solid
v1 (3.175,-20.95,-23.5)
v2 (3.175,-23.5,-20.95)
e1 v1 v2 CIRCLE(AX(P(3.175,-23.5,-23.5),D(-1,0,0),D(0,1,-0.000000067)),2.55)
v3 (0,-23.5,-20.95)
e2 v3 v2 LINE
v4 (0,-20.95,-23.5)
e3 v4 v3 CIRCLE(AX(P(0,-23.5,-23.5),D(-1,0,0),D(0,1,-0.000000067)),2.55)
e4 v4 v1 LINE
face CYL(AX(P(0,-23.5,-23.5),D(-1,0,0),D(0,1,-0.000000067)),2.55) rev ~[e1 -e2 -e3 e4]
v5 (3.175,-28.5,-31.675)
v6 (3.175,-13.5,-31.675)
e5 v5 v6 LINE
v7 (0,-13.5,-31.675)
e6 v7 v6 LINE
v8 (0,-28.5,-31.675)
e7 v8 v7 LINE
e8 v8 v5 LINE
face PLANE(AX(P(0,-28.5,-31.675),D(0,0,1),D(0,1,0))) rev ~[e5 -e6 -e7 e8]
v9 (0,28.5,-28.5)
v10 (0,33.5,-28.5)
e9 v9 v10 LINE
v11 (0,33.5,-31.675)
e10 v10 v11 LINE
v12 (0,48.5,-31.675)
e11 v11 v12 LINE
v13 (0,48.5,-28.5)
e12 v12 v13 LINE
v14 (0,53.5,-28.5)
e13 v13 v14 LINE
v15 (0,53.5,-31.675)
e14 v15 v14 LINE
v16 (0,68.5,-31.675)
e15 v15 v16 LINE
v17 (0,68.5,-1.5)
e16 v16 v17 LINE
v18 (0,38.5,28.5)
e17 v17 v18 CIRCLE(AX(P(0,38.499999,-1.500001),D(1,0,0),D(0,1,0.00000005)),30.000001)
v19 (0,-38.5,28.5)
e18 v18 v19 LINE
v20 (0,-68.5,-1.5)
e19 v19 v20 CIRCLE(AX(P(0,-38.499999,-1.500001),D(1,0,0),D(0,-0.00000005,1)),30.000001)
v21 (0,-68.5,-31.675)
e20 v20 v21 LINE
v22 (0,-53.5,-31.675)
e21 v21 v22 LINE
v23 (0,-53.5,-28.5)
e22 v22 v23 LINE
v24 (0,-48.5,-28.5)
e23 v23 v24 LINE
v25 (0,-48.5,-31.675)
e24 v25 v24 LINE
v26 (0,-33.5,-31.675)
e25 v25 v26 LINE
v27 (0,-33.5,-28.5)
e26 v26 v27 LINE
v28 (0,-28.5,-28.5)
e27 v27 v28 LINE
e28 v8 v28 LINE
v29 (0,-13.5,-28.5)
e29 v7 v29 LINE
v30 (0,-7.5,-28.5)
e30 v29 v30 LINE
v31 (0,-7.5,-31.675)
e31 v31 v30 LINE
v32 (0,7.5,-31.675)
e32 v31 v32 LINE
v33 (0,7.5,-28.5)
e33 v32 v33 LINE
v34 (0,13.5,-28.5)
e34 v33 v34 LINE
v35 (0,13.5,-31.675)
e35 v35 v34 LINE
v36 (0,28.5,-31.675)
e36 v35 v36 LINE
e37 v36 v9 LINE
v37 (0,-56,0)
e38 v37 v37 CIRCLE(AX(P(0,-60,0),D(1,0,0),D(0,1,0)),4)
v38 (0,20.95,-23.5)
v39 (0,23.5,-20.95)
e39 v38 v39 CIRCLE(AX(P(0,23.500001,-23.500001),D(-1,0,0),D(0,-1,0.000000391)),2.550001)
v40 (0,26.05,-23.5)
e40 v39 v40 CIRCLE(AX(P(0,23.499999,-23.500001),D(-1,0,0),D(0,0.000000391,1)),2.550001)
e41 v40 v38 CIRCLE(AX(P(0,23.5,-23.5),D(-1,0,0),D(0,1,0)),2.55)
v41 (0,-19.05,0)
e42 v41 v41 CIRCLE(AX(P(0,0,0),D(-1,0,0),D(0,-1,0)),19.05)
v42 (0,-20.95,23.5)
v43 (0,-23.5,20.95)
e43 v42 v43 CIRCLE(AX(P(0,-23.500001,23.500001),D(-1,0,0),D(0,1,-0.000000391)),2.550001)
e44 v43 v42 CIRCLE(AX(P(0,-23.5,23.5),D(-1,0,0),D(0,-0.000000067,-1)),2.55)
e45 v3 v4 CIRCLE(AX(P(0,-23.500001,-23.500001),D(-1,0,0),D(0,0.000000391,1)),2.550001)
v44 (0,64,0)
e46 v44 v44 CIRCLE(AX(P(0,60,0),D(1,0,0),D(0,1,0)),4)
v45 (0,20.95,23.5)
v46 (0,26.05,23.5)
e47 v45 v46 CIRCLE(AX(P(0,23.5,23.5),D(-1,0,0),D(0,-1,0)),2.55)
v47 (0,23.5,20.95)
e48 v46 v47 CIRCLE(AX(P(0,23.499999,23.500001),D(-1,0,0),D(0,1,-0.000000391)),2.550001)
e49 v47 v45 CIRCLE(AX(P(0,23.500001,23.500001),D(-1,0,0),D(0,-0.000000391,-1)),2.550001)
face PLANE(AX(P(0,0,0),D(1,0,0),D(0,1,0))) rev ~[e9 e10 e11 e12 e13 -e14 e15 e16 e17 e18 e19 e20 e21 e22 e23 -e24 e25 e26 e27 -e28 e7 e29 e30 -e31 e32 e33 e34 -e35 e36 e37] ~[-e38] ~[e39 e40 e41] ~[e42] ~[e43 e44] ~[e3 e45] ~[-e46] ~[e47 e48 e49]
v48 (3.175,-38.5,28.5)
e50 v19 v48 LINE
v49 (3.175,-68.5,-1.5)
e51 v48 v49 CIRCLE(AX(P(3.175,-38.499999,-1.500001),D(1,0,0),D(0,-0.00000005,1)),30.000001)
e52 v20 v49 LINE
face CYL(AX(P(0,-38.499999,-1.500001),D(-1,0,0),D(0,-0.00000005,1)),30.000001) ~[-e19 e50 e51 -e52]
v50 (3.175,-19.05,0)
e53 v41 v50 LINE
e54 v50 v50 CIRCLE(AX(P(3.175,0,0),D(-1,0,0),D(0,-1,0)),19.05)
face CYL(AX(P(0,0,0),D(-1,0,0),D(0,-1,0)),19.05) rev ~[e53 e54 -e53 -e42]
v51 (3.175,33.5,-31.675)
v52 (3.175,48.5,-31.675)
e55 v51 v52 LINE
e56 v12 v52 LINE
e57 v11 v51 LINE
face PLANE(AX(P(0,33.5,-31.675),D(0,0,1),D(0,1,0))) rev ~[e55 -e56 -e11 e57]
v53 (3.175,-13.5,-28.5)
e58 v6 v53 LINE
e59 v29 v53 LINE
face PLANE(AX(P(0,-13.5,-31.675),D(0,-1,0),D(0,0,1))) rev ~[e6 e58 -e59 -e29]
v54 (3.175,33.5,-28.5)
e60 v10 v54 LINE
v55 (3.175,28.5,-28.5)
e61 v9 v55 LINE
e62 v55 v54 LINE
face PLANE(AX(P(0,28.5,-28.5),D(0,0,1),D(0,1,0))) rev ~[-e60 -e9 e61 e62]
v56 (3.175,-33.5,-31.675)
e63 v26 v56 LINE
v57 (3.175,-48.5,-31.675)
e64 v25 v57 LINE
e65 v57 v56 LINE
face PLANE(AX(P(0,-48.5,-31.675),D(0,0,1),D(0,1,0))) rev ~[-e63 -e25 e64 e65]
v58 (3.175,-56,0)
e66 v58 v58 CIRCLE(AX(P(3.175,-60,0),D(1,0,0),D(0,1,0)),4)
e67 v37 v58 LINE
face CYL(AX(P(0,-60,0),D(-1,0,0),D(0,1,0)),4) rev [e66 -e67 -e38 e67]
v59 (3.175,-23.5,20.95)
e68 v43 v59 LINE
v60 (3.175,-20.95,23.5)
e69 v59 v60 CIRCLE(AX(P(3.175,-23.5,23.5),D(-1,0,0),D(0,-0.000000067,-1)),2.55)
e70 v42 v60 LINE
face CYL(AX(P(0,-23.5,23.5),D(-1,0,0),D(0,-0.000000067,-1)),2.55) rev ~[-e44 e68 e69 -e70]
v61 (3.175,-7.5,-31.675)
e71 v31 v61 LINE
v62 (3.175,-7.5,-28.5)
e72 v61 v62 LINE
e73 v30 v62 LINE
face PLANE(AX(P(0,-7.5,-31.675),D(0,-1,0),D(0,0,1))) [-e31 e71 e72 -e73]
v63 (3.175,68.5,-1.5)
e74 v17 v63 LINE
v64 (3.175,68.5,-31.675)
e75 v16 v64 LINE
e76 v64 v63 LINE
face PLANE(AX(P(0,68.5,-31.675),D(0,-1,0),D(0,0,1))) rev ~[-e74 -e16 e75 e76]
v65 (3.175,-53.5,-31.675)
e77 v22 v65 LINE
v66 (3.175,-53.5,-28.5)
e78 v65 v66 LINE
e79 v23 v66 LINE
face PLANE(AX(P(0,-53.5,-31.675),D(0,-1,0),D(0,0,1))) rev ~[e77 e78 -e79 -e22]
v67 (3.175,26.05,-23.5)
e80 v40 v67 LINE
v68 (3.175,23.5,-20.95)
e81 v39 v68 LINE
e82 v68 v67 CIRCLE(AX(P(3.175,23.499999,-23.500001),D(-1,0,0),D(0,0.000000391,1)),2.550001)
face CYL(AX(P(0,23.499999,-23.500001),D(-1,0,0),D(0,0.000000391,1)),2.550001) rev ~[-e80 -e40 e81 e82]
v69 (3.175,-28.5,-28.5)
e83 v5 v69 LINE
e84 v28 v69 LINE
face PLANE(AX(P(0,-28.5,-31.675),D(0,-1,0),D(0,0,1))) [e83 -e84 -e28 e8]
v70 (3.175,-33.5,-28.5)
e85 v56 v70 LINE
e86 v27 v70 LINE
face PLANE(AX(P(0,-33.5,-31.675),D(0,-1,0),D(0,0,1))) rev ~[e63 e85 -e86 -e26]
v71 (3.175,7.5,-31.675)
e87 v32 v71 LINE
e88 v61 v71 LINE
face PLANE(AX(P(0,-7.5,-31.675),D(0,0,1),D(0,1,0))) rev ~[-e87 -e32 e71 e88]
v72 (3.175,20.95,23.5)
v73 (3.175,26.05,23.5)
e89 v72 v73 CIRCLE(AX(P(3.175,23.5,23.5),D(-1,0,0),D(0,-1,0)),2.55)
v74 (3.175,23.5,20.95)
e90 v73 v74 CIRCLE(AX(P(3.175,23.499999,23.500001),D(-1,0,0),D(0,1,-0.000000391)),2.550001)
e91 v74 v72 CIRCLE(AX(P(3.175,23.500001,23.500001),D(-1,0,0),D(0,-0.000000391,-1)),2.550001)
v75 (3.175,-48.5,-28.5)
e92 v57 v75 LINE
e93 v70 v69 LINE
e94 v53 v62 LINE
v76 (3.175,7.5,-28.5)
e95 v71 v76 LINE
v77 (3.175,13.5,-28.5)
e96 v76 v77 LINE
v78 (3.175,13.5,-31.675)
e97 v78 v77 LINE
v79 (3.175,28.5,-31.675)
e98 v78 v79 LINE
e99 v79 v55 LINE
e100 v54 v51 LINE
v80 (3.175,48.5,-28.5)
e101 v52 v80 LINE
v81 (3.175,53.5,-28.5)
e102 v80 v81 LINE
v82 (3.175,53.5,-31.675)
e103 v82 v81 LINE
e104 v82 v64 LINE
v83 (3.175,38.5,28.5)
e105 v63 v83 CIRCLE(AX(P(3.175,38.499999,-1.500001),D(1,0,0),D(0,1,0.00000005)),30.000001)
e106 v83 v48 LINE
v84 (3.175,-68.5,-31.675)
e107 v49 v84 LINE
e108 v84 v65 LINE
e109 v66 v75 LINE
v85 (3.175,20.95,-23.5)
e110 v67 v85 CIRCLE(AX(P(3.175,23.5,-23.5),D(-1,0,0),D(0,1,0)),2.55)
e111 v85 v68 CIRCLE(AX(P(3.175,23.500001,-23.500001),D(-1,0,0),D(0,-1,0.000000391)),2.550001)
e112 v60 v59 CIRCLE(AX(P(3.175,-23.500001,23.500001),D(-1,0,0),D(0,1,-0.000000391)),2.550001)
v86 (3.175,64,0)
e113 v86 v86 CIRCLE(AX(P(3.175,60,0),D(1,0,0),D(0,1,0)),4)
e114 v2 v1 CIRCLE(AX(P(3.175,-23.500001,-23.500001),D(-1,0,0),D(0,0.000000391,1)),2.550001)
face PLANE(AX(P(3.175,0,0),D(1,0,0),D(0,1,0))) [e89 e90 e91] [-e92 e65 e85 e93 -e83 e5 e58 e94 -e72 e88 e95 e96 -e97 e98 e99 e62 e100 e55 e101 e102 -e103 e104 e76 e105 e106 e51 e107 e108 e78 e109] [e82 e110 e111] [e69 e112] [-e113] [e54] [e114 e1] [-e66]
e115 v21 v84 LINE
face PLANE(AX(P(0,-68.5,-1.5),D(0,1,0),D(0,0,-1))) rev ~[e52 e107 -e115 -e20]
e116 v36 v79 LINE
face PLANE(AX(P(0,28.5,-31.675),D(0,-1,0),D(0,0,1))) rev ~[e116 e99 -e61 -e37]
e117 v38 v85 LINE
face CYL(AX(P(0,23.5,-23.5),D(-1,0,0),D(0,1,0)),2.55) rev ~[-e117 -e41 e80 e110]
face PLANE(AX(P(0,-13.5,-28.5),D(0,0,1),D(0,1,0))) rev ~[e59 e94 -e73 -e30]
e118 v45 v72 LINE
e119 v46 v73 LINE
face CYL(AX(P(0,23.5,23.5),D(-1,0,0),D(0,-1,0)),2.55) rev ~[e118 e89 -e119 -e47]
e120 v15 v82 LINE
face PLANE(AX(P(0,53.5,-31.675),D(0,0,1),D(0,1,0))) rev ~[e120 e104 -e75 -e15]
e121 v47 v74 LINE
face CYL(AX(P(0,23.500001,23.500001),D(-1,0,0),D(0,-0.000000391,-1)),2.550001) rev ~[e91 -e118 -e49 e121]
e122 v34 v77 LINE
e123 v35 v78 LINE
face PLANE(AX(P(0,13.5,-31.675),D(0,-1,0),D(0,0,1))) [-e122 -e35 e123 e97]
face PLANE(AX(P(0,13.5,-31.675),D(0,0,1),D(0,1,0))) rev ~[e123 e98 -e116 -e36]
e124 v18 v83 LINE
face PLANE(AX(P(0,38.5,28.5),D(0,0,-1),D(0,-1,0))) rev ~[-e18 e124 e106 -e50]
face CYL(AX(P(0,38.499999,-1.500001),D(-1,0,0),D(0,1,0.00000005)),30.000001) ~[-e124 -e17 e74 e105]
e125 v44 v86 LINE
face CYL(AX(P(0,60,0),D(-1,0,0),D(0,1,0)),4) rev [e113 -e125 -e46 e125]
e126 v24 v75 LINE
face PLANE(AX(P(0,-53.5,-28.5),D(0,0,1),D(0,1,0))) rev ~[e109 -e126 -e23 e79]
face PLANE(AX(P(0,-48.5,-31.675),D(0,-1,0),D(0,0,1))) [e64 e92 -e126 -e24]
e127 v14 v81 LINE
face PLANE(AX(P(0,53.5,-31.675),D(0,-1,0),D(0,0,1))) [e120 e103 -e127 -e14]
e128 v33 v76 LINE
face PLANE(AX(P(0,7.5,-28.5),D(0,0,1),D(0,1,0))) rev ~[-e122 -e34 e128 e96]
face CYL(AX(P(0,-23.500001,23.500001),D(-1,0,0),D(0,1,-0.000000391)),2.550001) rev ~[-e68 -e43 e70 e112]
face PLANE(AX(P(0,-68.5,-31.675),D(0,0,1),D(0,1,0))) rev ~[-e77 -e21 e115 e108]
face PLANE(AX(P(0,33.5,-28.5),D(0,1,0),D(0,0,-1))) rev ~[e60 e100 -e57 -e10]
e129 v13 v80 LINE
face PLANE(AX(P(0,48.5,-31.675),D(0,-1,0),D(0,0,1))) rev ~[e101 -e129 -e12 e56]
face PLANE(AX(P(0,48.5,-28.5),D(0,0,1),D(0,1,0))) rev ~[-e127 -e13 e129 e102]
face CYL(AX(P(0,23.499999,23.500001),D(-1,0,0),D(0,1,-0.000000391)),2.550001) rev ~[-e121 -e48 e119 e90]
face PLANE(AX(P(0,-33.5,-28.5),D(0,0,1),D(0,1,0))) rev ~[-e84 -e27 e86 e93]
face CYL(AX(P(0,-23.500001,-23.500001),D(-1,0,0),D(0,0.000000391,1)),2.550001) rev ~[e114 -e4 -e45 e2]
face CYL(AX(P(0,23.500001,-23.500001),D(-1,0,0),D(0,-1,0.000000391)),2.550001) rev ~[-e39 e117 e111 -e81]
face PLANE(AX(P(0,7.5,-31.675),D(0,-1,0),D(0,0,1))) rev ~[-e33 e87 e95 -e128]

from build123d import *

# Parameters (mm, degrees)
F0_R     = 4
F0_W     = 15
F0_H     = 3.175
F0_W_2   = 7.5
F1_DEPTH = 3.175


with BuildPart() as f1:
    # F0 (on Right) → F1 (new body)
    with BuildSketch(Plane.YZ):
        with BuildLine():
            ThreePointArc((19.05, 0), (0, 19.05), (-19.05, 0))
            ThreePointArc((-19.05, 0), (0, -19.05), (19.05, 0))
        make_face()
        Polygon((28.5, 28.5), (-28.5, 28.5), (-28.5, 0), (-28.5, -28.5), (-13.5, -28.5), (-7.5, -28.5), (0, -28.5), (7.5, -28.5), (13.5, -28.5), (28.5, -28.5), align=None)
        with BuildLine():
            Line((-23.5, -20.95), (-23.5, 0))
            Line((-23.5, 0), (-23.5, 20.95))
            ThreePointArc((-23.5, 20.95), (-25.303122, 25.303122), (-20.95, 23.5))
            Line((-20.95, 23.5), (20.95, 23.5))
            ThreePointArc((20.95, 23.5), (23.5, 26.05), (26.05, 23.5))
            ThreePointArc((26.05, 23.5), (25.303122, 21.696878), (23.5, 20.95))
            Line((23.5, 20.95), (23.5, -20.95))
            ThreePointArc((23.5, -20.95), (25.303122, -21.696878), (26.05, -23.5))
            ThreePointArc((26.05, -23.5), (23.5, -26.05), (20.95, -23.5))
            Line((20.95, -23.5), (-20.95, -23.5))
            ThreePointArc((-20.95, -23.5), (-25.303122, -25.303122), (-23.5, -20.95))
        make_face(mode=Mode.SUBTRACT)
        with Locations((-60, 0)):
            Circle(F0_R)
        with BuildLine():
            Line((-28.5, 0), (-28.5, 28.5))
            Line((-28.5, 28.5), (-38.5, 28.5))
            ThreePointArc((-38.5, 28.5), (-59.713203, 19.713203), (-68.5, -1.5))
            Line((-68.5, -1.5), (-68.5, -28.5))
            Line((-68.5, -28.5), (-53.5, -28.5))
            Line((-53.5, -28.5), (-48.5, -28.5))
            Line((-48.5, -28.5), (-41, -28.5))
            Line((-41, -28.5), (-33.5, -28.5))
            Line((-33.5, -28.5), (-28.5, -28.5))
            Line((-28.5, -28.5), (-28.5, 0))
        make_face()
        with Locations((-60, 0)):
            Circle(F0_R, mode=Mode.SUBTRACT)
        with BuildLine():
            Line((38.5, 28.5), (28.5, 28.5))
            Line((28.5, 28.5), (28.5, -28.5))
            Line((28.5, -28.5), (33.5, -28.5))
            Line((33.5, -28.5), (48.5, -28.5))
            Line((48.5, -28.5), (53.5, -28.5))
            Line((53.5, -28.5), (68.5, -28.5))
            Line((68.5, -28.5), (68.5, -1.5))
            ThreePointArc((68.5, -1.5), (59.713203, 19.713203), (38.5, 28.5))
        make_face()
        with Locations((60, 0)):
            Circle(F0_R, mode=Mode.SUBTRACT)
        with Locations((21, -30.0875)):
            Rectangle(F0_W, F0_H)
        with Locations((-21, -30.0875)):
            Rectangle(F0_W, F0_H)
        Polygon((48.5, -28.5), (33.5, -28.5), (33.5, -31.675), (41, -31.675), (48.5, -31.675), align=None)
        with Locations((-37.25, -30.0875)):
            Rectangle(F0_W_2, F0_H)
        with Locations((-61, -30.0875)):
            Rectangle(F0_W, F0_H)
        with Locations((3.75, -30.0875)):
            Rectangle(F0_W_2, F0_H)
        with Locations((61, -30.0875)):
            Rectangle(F0_W, F0_H)
        with Locations((-3.75, -30.0875)):
            Rectangle(F0_W_2, F0_H)
        with Locations((-44.75, -30.0875)):
            Rectangle(F0_W_2, F0_H)
        with BuildLine():
            Line((-23.5, 20.95), (-23.5, 0))
            Line((-23.5, 0), (-23.5, -20.95))
            ThreePointArc((-23.5, -20.95), (-21.696878, -21.696878), (-20.95, -23.5))
            Line((-20.95, -23.5), (20.95, -23.5))
            ThreePointArc((20.95, -23.5), (21.696878, -21.696878), (23.5, -20.95))
            Line((23.5, -20.95), (23.5, 20.95))
            ThreePointArc((23.5, 20.95), (21.696878, 21.696878), (20.95, 23.5))
            Line((20.95, 23.5), (-20.95, 23.5))
            ThreePointArc((-20.95, 23.5), (-21.696878, 21.696878), (-23.5, 20.95))
        make_face()
        with BuildLine():
            ThreePointArc((19.05, 0), (0, -19.05), (-19.05, 0))
            ThreePointArc((-19.05, 0), (0, 19.05), (19.05, 0))
        make_face(mode=Mode.SUBTRACT)
    extrude(amount=F1_DEPTH)


solid = f1.part
